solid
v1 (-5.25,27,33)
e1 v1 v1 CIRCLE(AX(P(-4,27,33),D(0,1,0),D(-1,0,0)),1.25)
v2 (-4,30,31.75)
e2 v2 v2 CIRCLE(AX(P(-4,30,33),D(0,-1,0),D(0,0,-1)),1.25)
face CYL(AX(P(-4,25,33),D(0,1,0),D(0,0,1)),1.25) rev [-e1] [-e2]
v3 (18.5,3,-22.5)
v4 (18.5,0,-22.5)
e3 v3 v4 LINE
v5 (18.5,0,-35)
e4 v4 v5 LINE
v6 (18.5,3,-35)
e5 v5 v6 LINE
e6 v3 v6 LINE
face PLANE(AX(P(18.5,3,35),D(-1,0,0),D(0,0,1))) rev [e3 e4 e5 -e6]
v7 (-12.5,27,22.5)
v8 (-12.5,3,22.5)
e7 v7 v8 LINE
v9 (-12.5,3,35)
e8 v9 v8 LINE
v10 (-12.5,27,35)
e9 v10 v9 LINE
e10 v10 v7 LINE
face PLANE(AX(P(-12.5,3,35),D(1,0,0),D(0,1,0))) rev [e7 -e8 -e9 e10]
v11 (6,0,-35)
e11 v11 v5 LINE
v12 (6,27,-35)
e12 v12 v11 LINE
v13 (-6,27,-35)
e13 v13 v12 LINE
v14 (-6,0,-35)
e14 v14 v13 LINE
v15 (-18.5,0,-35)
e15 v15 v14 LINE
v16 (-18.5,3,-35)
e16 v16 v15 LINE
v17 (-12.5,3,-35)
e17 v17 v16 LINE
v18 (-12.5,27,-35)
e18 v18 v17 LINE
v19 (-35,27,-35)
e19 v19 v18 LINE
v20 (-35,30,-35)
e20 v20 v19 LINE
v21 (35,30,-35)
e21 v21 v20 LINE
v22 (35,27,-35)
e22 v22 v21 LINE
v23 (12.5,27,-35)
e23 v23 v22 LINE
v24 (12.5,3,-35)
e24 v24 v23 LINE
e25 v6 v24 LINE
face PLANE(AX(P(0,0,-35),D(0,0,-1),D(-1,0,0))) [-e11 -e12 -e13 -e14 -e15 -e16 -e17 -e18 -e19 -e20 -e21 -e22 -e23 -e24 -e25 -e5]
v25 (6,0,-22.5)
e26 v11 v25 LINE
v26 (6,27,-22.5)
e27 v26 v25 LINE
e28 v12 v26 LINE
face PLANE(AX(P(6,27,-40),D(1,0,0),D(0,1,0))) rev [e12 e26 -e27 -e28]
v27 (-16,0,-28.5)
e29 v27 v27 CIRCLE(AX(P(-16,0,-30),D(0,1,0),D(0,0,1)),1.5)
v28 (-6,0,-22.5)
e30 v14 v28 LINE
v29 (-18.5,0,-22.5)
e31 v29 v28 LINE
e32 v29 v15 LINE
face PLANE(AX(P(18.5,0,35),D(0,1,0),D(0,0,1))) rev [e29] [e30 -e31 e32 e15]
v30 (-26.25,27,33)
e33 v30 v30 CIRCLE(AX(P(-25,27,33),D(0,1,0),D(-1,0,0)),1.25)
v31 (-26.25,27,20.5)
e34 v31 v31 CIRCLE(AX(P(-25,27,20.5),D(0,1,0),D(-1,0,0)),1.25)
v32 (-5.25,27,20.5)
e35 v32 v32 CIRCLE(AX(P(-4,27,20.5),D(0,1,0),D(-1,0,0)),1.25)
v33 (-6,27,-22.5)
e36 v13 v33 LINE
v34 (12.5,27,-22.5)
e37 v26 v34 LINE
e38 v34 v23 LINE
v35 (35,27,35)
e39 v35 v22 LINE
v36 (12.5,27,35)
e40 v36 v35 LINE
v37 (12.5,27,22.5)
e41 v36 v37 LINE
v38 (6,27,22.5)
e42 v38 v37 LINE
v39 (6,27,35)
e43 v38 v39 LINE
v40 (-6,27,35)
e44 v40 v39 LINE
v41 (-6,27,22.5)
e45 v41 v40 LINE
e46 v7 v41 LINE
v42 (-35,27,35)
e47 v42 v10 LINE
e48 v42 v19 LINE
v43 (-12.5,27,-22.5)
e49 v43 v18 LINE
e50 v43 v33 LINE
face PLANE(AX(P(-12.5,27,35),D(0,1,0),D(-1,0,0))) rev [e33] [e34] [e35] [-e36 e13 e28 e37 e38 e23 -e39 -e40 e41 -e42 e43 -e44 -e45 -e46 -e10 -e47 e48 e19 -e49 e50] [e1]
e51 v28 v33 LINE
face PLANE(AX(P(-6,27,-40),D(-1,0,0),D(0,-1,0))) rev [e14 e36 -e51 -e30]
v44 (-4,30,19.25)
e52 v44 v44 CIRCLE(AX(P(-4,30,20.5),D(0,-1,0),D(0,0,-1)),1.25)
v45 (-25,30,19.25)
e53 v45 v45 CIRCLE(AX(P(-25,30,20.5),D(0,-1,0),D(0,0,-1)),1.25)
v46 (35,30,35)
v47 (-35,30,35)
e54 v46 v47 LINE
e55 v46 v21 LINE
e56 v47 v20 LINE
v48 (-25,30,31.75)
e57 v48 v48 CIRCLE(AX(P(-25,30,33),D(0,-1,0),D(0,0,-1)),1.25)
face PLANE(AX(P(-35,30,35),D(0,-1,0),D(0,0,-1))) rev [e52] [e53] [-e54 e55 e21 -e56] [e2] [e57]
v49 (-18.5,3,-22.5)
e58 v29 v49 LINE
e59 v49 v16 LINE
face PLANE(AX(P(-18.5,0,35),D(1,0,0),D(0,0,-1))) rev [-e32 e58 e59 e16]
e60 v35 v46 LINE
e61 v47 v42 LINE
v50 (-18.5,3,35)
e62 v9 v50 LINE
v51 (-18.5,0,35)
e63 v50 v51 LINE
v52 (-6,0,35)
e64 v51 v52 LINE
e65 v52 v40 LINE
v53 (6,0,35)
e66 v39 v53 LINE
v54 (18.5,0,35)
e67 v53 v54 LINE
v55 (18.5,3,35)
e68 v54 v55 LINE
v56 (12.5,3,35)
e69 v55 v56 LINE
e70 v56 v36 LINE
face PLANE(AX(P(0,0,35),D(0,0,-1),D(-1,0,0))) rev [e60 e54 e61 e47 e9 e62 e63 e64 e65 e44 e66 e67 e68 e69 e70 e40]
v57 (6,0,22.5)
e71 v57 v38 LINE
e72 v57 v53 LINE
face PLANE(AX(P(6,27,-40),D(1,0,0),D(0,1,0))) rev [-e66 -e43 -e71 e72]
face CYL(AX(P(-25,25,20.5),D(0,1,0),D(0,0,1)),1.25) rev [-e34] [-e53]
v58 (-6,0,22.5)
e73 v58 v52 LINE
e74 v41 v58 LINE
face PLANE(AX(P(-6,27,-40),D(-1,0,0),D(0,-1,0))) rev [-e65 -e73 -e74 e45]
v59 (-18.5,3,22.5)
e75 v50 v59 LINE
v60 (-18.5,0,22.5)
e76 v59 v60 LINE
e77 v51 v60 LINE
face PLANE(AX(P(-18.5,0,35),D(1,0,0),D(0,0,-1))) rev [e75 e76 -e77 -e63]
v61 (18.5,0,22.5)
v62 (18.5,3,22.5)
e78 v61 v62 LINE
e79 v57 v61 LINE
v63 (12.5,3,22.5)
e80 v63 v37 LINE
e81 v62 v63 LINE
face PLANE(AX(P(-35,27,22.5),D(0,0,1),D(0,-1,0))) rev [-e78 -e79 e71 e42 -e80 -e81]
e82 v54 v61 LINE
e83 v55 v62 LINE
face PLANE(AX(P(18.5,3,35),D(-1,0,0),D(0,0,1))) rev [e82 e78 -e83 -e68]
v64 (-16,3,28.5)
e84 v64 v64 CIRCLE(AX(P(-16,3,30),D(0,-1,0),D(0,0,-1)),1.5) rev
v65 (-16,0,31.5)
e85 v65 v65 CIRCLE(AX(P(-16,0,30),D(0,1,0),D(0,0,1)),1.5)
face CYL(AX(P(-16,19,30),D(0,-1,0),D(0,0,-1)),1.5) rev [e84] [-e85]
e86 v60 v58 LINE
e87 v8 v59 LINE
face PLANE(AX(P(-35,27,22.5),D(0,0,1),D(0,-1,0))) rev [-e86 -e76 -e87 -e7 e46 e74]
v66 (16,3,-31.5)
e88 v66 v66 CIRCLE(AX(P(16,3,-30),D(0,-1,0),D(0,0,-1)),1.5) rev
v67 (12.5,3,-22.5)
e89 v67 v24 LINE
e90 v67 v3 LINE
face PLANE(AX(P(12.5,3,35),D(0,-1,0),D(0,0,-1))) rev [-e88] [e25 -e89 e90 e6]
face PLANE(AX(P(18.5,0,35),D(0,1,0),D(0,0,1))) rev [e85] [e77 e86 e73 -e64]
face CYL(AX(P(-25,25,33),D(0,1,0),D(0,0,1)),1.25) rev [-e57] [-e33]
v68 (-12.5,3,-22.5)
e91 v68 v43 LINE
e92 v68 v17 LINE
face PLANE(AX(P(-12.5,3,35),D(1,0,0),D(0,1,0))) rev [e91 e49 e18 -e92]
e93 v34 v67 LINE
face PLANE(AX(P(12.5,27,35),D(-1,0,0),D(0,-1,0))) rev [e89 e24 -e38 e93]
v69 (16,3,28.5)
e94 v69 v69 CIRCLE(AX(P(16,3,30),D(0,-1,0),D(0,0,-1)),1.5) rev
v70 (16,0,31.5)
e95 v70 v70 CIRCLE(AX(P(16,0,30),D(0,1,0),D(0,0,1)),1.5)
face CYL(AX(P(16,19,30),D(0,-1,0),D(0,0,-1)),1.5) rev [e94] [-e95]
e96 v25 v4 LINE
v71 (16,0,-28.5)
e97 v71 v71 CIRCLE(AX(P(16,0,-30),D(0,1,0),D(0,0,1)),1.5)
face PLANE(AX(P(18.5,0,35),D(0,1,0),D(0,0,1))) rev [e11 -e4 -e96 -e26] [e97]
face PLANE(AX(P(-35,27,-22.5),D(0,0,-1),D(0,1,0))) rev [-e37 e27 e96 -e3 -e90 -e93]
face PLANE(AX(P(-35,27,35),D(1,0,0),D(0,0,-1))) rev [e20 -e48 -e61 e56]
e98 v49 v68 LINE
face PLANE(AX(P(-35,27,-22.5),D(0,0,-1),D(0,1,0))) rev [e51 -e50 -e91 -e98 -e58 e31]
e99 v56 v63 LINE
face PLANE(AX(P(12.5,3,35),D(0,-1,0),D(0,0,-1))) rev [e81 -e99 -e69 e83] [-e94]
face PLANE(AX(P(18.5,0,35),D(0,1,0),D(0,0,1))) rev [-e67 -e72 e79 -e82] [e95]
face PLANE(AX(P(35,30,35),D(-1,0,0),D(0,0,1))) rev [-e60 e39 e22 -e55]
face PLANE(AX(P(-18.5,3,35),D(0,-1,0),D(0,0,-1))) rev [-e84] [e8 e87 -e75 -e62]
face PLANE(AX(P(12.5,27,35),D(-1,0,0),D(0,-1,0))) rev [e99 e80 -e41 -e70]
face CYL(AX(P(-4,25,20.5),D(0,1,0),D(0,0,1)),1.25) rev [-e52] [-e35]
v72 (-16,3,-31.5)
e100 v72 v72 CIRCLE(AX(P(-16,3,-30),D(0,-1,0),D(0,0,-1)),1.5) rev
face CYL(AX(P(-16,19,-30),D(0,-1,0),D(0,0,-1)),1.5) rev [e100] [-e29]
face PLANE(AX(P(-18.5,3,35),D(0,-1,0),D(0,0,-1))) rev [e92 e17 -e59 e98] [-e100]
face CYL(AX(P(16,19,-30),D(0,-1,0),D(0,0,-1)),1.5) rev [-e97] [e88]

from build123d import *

# Parameters (mm, degrees)
EXTRUDE_1_DEPTH     = 35
SKETCH_2_W          = 45
SKETCH_2_H          = 27
CUT_EXTRUDE_1_DEPTH = 35
SKETCH_3_W          = 12
SKETCH_3_H          = 27
CUT_EXTRUDE_2_DEPTH = 40
SKETCH_4_R          = 1.5
CUT_EXTRUDE_3_DEPTH = 19
SKETCH_5_R          = 1.25
CUT_EXTRUDE_4_DEPTH = 5


with BuildPart() as part:
    # 草圖1 → 填料-伸長1 (new, symmetric)
    with BuildSketch(Plane.XY):
        Polygon((-18.5, 0), (-18.5, 3), (-12.5, 3), (-12.5, 27), (-35, 27), (-35, 30), (35, 30), (35, 27), (12.5, 27), (12.5, 3), (18.5, 3), (18.5, 0), align=None)
    extrude(amount=EXTRUDE_1_DEPTH, both=True)

    # 草圖2 → 除料-伸長1 (cut, symmetric)
    with BuildSketch(Plane(origin=(0, 0, 0), x_dir=(0, 0, -1), z_dir=(1, 0, 0))):
        with Locations((0, 13.5)):
            Rectangle(SKETCH_2_W, SKETCH_2_H)
    extrude(amount=CUT_EXTRUDE_1_DEPTH, both=True, mode=Mode.SUBTRACT)

    # 草圖3 → 除料-伸長2 (cut, symmetric)
    with BuildSketch(Plane.XY):
        with Locations((0, 13.5)):
            Rectangle(SKETCH_3_W, SKETCH_3_H)
    extrude(amount=CUT_EXTRUDE_2_DEPTH, both=True, mode=Mode.SUBTRACT)

    # 草圖4 → 除料-伸長3 (cut)
    with BuildSketch(Plane(origin=(0, 0, 0), x_dir=(1, 0, 0), z_dir=(0, 1, 0))):
        with Locations(Location((-16, -30, 0), (0, 0, 90))):
            Circle(SKETCH_4_R)
        with Locations(Location((16, -30, 0), (0, 0, 90))):
            Circle(SKETCH_4_R)
        with Locations(Location((16, 30, 0), (0, 0, 90))):
            Circle(SKETCH_4_R)
        with Locations(Location((-16, 30, 0), (0, 0, 90))):
            Circle(SKETCH_4_R)
    extrude(amount=CUT_EXTRUDE_3_DEPTH, mode=Mode.SUBTRACT)

    # 草圖5 → 除料-伸長4 (cut, symmetric)
    with BuildSketch(Plane(origin=(0, 30, 0), x_dir=(1, 0, 0), z_dir=(0, 1, 0))):
        with Locations(Location((-4, -20.5, 0), (0, 0, 180))):
            Circle(SKETCH_5_R)
        with Locations(Location((-4, -33, 0), (0, 0, 180))):
            Circle(SKETCH_5_R)
        with Locations(Location((-25, -33, 0), (0, 0, 180))):
            Circle(SKETCH_5_R)
        with Locations(Location((-25, -20.5, 0), (0, 0, 180))):
            Circle(SKETCH_5_R)
    extrude(amount=CUT_EXTRUDE_4_DEPTH, both=True, mode=Mode.SUBTRACT)


solid = part.part
